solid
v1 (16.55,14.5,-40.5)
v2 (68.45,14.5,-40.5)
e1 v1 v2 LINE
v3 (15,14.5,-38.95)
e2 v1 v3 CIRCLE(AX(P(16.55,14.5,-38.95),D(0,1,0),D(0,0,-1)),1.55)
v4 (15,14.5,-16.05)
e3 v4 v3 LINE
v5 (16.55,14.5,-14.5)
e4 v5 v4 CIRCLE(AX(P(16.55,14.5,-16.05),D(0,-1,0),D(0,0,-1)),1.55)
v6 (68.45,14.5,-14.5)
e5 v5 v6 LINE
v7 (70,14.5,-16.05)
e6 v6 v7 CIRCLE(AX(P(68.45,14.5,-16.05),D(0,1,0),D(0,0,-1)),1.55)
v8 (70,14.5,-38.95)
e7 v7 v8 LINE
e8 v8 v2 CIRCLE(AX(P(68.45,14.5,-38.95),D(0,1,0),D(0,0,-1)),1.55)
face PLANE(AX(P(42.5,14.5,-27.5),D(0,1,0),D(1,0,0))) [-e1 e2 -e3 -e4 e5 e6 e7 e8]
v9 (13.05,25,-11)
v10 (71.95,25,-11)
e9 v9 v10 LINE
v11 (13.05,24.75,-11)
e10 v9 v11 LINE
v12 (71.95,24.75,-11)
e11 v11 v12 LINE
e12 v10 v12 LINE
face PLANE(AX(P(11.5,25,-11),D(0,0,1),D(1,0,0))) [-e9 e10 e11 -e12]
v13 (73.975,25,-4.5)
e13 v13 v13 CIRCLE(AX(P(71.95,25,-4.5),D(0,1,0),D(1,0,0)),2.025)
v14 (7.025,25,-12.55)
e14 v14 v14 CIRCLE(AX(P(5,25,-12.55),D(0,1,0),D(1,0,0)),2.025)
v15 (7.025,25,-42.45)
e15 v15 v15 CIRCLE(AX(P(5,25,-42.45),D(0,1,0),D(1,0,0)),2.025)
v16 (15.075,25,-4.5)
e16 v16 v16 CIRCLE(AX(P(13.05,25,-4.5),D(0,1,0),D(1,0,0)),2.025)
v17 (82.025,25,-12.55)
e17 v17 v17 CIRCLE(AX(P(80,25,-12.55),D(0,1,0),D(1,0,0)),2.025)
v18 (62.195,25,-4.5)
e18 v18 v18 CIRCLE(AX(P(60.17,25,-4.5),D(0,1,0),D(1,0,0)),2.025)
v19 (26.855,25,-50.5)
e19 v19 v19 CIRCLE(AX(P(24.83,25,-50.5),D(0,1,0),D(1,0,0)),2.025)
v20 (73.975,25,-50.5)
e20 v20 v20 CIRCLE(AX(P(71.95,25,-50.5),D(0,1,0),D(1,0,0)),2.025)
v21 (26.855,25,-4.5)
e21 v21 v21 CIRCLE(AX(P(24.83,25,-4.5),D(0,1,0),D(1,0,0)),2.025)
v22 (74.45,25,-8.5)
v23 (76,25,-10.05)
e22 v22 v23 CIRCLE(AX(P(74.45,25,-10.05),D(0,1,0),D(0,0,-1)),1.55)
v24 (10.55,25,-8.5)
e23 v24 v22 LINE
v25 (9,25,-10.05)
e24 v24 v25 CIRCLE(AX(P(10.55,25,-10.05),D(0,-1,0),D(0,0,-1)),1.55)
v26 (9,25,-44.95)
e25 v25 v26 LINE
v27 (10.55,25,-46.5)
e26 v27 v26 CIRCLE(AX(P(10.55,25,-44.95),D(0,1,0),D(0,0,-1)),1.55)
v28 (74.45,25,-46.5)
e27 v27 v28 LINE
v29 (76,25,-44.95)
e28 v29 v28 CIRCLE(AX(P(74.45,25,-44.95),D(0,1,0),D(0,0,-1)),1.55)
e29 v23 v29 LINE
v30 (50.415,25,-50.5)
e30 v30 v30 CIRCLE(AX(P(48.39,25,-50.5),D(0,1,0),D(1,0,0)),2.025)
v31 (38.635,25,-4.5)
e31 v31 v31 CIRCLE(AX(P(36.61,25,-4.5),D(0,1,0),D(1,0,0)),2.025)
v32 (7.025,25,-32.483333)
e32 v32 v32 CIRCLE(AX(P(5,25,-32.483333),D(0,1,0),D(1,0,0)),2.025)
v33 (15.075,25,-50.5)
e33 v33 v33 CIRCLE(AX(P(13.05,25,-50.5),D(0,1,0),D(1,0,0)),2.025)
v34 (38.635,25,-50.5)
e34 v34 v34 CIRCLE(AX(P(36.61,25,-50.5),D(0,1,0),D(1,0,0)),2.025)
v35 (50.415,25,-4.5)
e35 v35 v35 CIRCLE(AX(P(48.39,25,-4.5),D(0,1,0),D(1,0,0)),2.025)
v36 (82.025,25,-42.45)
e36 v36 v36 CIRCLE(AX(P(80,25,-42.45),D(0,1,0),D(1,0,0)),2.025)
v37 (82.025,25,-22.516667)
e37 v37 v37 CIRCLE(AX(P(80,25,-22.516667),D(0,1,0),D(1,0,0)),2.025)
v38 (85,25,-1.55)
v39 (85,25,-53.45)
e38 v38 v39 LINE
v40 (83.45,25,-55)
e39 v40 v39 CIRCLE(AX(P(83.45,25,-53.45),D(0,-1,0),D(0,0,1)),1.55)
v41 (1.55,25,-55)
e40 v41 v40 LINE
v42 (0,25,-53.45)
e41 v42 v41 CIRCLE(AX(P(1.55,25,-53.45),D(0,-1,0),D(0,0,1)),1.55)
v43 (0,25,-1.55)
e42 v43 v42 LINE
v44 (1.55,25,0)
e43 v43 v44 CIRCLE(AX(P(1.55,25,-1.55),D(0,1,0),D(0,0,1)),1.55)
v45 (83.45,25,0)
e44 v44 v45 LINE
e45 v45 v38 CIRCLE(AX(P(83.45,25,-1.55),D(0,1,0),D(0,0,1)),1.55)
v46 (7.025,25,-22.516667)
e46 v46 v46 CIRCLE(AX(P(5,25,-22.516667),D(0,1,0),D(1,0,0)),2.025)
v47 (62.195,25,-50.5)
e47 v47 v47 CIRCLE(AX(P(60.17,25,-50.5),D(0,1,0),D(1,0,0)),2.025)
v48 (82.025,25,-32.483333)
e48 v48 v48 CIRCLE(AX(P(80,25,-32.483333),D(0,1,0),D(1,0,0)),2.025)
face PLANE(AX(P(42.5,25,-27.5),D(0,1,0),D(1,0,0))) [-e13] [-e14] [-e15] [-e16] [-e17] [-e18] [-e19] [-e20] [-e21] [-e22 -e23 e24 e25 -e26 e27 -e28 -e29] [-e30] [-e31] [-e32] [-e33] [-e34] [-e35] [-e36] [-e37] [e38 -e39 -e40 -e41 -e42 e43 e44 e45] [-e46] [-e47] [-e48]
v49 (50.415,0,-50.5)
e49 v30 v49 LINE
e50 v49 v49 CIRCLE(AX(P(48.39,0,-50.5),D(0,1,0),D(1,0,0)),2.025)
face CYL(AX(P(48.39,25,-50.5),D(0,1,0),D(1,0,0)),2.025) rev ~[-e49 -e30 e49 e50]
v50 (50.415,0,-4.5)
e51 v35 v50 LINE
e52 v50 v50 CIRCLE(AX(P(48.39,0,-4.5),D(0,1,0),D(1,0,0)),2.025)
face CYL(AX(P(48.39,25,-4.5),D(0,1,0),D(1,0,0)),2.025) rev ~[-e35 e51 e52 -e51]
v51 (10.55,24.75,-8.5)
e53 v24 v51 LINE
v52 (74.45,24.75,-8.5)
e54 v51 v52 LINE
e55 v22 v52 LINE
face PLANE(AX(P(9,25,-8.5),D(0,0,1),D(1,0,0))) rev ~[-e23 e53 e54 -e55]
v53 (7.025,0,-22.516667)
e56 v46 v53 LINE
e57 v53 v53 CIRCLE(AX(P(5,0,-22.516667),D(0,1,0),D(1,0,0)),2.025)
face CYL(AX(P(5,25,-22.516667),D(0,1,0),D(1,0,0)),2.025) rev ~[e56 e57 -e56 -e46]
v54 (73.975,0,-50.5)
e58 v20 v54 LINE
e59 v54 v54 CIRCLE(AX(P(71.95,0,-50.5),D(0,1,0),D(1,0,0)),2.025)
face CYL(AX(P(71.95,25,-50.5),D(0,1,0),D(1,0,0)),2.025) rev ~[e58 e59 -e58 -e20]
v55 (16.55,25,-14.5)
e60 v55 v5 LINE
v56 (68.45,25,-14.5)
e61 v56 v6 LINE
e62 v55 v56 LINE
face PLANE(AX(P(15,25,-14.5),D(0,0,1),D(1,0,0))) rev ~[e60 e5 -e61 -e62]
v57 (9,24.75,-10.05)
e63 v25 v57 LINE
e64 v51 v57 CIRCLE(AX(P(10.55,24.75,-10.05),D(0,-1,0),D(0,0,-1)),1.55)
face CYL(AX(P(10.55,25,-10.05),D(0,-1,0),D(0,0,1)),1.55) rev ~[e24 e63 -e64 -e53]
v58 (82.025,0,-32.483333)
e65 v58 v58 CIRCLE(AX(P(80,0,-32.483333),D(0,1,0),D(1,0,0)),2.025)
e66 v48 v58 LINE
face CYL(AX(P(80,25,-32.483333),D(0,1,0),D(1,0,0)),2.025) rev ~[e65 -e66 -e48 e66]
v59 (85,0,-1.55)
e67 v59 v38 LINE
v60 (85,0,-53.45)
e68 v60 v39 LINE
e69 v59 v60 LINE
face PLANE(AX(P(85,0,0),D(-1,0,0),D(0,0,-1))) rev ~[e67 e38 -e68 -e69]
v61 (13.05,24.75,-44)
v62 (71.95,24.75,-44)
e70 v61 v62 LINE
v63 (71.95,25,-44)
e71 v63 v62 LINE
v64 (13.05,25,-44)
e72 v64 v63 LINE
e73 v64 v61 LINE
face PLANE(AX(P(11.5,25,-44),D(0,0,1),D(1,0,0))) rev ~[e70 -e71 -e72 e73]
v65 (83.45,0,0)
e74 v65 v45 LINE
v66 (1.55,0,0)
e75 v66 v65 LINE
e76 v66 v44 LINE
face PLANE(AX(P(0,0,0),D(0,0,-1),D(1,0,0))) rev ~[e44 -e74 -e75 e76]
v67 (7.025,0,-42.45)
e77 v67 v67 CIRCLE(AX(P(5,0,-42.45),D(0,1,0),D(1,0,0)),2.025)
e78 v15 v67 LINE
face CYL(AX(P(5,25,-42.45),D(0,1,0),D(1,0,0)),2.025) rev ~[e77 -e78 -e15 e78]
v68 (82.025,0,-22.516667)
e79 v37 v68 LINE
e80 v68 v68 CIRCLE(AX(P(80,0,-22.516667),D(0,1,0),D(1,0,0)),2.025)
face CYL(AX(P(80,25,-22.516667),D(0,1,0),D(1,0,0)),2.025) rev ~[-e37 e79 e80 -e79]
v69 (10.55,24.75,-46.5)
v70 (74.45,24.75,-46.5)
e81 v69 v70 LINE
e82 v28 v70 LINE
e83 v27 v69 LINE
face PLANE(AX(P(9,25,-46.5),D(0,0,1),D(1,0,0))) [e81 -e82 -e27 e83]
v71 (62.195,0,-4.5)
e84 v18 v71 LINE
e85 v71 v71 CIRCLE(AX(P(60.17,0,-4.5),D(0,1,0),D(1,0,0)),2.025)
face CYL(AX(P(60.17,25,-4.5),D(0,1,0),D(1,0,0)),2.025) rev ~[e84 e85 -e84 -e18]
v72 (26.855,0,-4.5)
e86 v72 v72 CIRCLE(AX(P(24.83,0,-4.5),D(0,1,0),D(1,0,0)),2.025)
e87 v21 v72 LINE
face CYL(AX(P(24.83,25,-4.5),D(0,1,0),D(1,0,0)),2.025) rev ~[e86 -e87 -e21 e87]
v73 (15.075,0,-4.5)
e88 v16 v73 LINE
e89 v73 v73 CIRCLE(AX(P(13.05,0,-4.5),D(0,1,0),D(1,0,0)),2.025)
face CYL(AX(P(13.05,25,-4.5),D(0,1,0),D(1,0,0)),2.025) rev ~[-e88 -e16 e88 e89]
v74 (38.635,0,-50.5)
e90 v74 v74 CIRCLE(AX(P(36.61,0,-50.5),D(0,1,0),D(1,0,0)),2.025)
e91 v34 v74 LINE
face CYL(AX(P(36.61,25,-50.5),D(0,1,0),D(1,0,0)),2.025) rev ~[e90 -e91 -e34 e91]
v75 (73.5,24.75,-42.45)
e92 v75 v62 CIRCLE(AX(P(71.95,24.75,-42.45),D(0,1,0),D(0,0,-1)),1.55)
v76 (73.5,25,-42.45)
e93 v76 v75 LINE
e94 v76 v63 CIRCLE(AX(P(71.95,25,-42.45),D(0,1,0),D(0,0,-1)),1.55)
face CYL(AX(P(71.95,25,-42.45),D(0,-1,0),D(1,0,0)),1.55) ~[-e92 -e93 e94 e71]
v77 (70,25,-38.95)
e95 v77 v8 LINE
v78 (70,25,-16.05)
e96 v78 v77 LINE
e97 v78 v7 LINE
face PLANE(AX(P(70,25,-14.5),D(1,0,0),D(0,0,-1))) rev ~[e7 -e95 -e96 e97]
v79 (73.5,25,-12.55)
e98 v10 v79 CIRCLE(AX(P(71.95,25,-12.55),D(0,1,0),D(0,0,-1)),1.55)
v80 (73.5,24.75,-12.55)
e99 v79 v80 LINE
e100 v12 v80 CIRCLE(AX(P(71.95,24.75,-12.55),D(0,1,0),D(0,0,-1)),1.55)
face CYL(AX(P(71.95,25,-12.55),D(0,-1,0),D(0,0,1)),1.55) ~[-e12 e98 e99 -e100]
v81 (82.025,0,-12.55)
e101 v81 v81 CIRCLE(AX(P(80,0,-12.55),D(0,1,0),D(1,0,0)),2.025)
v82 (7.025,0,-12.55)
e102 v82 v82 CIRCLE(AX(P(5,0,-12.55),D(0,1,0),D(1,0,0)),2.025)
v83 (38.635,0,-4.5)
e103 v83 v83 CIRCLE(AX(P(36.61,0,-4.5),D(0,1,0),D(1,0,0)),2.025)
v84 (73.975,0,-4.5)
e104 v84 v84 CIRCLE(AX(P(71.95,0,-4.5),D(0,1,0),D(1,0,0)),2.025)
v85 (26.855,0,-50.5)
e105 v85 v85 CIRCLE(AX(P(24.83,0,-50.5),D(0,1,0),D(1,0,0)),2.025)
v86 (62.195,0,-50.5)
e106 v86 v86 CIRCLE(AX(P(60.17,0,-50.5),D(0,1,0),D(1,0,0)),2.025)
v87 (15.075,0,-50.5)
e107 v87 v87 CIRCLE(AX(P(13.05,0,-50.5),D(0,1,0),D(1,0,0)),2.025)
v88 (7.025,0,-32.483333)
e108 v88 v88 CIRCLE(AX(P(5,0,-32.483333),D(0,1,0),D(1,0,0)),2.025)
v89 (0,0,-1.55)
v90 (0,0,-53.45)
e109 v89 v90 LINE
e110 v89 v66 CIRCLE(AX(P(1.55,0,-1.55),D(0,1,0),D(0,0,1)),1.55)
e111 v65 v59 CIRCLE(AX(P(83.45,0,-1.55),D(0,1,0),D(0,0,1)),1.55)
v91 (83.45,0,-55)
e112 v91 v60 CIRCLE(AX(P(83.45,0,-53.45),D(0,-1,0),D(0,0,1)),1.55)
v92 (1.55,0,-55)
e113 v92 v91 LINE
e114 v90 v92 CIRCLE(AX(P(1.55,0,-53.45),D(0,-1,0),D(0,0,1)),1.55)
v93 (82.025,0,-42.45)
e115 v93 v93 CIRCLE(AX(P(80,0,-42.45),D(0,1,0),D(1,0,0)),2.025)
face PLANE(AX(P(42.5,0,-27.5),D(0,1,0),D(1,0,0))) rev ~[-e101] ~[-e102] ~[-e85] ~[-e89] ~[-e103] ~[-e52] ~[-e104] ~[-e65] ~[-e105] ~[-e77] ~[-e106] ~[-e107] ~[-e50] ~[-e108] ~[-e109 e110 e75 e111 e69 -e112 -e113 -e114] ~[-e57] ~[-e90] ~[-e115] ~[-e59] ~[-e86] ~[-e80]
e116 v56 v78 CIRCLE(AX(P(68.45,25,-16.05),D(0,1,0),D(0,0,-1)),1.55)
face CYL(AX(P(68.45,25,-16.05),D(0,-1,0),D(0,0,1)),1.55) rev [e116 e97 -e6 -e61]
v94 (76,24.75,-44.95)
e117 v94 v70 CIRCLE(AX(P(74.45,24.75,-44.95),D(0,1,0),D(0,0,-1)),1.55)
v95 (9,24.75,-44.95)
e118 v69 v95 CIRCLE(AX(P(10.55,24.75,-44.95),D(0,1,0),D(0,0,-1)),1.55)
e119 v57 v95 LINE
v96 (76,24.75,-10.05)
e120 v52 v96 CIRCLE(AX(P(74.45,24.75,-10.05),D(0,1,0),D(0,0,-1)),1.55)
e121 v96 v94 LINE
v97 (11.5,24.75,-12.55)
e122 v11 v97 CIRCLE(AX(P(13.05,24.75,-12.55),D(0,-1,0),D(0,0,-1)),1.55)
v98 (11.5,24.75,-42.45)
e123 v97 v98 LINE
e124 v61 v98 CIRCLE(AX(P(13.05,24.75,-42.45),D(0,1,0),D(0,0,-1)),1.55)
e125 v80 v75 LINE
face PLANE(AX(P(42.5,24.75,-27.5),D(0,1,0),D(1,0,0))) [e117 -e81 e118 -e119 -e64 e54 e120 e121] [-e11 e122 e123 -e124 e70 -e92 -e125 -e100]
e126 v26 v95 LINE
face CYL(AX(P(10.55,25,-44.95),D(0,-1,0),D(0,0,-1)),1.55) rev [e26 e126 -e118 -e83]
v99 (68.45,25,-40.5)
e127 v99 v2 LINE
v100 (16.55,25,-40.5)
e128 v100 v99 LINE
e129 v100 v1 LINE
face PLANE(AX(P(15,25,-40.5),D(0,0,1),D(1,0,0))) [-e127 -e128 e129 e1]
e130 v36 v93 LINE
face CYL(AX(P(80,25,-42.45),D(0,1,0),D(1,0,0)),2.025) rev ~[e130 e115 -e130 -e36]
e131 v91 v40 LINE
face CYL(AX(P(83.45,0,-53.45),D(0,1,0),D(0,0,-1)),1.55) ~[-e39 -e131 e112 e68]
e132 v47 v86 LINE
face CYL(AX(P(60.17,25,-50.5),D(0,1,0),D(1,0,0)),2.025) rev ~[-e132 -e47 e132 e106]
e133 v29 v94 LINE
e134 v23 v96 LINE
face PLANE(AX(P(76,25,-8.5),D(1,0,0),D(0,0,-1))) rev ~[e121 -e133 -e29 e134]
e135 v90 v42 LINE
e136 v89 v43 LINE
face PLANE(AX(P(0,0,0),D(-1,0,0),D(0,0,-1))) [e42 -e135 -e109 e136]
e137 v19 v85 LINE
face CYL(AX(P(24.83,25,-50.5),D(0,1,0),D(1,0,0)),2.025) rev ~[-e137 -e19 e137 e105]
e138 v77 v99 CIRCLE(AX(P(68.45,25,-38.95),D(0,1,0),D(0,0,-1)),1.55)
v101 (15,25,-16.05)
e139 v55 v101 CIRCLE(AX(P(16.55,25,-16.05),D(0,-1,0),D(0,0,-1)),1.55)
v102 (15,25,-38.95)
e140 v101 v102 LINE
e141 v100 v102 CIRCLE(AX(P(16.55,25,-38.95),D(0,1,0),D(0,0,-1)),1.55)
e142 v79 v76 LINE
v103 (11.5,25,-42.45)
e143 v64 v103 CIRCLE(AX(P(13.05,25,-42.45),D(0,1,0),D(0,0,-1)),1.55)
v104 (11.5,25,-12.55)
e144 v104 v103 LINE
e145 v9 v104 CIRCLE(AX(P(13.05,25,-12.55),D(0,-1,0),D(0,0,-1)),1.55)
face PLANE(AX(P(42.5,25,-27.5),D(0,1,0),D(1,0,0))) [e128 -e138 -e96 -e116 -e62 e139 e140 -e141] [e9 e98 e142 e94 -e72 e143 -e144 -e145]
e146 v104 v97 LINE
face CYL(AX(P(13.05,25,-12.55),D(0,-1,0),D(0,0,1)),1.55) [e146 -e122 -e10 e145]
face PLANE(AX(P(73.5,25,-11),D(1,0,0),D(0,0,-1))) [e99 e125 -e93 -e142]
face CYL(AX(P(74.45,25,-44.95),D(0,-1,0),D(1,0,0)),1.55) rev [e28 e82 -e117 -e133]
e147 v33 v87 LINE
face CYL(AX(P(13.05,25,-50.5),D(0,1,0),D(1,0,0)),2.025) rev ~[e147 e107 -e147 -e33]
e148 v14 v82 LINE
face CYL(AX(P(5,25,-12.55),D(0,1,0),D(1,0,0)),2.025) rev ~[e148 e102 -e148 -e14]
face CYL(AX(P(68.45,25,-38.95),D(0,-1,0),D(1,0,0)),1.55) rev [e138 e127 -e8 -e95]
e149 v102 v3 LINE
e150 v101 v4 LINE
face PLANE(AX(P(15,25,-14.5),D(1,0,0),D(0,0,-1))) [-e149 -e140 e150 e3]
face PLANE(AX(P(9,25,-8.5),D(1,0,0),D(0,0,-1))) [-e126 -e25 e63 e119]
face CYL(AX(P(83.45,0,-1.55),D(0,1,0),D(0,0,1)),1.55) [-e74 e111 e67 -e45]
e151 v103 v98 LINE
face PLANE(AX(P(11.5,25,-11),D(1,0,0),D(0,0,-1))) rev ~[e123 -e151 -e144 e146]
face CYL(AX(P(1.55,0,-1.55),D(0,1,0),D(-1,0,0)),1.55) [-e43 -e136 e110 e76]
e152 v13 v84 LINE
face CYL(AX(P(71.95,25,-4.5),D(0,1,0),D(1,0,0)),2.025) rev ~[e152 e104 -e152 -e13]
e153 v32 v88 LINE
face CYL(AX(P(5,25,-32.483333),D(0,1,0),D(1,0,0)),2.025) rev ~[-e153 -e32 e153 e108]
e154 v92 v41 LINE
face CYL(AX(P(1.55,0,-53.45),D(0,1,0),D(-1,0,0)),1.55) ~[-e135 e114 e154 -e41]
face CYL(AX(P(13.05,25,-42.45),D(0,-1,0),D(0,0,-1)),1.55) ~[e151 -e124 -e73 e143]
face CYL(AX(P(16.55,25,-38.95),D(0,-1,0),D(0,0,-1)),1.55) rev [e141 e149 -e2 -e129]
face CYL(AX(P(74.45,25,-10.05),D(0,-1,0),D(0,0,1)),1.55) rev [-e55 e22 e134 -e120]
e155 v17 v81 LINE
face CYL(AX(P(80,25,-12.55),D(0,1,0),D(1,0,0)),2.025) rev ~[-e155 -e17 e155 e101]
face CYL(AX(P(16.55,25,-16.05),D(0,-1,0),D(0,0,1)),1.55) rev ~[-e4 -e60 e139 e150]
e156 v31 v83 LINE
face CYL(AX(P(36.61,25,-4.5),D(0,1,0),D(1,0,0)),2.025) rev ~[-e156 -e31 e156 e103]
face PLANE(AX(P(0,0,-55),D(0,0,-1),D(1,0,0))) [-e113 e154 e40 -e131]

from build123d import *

# Parameters (mm, degrees)
SKETCH1_W           = 85
SKETCH1_H           = 55
BOSS_EXTRUDE1_DEPTH = 25
SKETCH2_W           = 55
SKETCH2_H           = 26
CUT_EXTRUDE1_DEPTH  = 10.5
FILLET1_R           = 1.55
SKETCH3_W           = 67
SKETCH3_H           = 38
SKETCH3_W_2         = 62
SKETCH3_H_2         = 33
CUT_EXTRUDE2_DEPTH  = 0.25
FILLET2_R           = 1.55
SKETCH5_R           = 2.025
CUT_EXTRUDE4_DEPTH  = 26


with BuildPart() as part:
    # Sketch1 → Boss-Extrude1 (new body)
    with BuildSketch(Plane(origin=(0, 0, 0), x_dir=(1, 0, 0), z_dir=(0, 1, 0))):
        with Locations((42.5, 27.5)):
            Rectangle(SKETCH1_W, SKETCH1_H)
    extrude(amount=BOSS_EXTRUDE1_DEPTH)

    # Sketch2 → Cut-Extrude1 (cut)
    with BuildSketch(Plane(origin=(0, 25, 0), x_dir=(1, 0, 0), z_dir=(0, 1, 0))):
        with Locations((42.5, 27.5)):
            Rectangle(SKETCH2_W, SKETCH2_H)
    extrude(amount=-CUT_EXTRUDE1_DEPTH, mode=Mode.SUBTRACT)

    # Fillet1
    fillet1_edges = [part.edges().sort_by_distance(p)[0] for p in [
        (15, 19.75, -14.5),
        (15, 19.75, -40.5),
        (70, 19.75, -40.5),
        (70, 19.75, -14.5),
        (0, 12.5, -55),
        (85, 12.5, -55),
        (85, 12.5, 0),
        (0, 12.5, 0),
    ]]
    fillet(fillet1_edges, radius=FILLET1_R)

    # Sketch3 → Cut-Extrude2 (cut)
    with BuildSketch(Plane(origin=(0, 25, 0), x_dir=(1, 0, 0), z_dir=(0, 1, 0))):
        with Locations((42.5, 27.5)):
            Rectangle(SKETCH3_W, SKETCH3_H)
        with Locations((42.5, 27.5)):
            Rectangle(SKETCH3_W_2, SKETCH3_H_2, mode=Mode.SUBTRACT)
    extrude(amount=-CUT_EXTRUDE2_DEPTH, mode=Mode.SUBTRACT)

    # Fillet2
    fillet2_edges = [part.edges().sort_by_distance(p)[0] for p in [
        (9, 24.875, -8.5),
        (9, 24.875, -46.5),
        (76, 24.875, -46.5),
        (76, 24.875, -8.5),
        (11.5, 24.875, -44),
        (73.5, 24.875, -44),
        (73.5, 24.875, -11),
        (11.5, 24.875, -11),
    ]]
    fillet(fillet2_edges, radius=FILLET2_R)

    # Sketch5 → Cut-Extrude4 (cut, through all)
    with BuildSketch(Plane(origin=(0, 25, 0), x_dir=(1, 0, 0), z_dir=(0, 1, 0))):
        with Locations((5, 42.45)):
            Circle(SKETCH5_R)
        with Locations((5, 12.55)):
            Circle(SKETCH5_R)
        with Locations((13.05, 4.5)):
            Circle(SKETCH5_R)
        with Locations((71.95, 4.5)):
            Circle(SKETCH5_R)
        with Locations((24.83, 4.5)):
            Circle(SKETCH5_R)
        with Locations((36.61, 4.5)):
            Circle(SKETCH5_R)
        with Locations((48.39, 4.5)):
            Circle(SKETCH5_R)
        with Locations((60.17, 4.5)):
            Circle(SKETCH5_R)
        with Locations((5, 32.483333333)):
            Circle(SKETCH5_R)
        with Locations((5, 22.516666667)):
            Circle(SKETCH5_R)
        with Locations((80, 42.45)):
            Circle(SKETCH5_R)
        with Locations((80, 12.55)):
            Circle(SKETCH5_R)
        with Locations((80, 22.516666667)):
            Circle(SKETCH5_R)
        with Locations((80, 32.483333333)):
            Circle(SKETCH5_R)
        with Locations((13.05, 50.5)):
            Circle(SKETCH5_R)
        with Locations((24.83, 50.5)):
            Circle(SKETCH5_R)
        with Locations((36.61, 50.5)):
            Circle(SKETCH5_R)
        with Locations((48.39, 50.5)):
            Circle(SKETCH5_R)
        with Locations((60.17, 50.5)):
            Circle(SKETCH5_R)
        with Locations((71.95, 50.5)):
            Circle(SKETCH5_R)
    extrude(amount=-CUT_EXTRUDE4_DEPTH, mode=Mode.SUBTRACT)


solid = part.part
